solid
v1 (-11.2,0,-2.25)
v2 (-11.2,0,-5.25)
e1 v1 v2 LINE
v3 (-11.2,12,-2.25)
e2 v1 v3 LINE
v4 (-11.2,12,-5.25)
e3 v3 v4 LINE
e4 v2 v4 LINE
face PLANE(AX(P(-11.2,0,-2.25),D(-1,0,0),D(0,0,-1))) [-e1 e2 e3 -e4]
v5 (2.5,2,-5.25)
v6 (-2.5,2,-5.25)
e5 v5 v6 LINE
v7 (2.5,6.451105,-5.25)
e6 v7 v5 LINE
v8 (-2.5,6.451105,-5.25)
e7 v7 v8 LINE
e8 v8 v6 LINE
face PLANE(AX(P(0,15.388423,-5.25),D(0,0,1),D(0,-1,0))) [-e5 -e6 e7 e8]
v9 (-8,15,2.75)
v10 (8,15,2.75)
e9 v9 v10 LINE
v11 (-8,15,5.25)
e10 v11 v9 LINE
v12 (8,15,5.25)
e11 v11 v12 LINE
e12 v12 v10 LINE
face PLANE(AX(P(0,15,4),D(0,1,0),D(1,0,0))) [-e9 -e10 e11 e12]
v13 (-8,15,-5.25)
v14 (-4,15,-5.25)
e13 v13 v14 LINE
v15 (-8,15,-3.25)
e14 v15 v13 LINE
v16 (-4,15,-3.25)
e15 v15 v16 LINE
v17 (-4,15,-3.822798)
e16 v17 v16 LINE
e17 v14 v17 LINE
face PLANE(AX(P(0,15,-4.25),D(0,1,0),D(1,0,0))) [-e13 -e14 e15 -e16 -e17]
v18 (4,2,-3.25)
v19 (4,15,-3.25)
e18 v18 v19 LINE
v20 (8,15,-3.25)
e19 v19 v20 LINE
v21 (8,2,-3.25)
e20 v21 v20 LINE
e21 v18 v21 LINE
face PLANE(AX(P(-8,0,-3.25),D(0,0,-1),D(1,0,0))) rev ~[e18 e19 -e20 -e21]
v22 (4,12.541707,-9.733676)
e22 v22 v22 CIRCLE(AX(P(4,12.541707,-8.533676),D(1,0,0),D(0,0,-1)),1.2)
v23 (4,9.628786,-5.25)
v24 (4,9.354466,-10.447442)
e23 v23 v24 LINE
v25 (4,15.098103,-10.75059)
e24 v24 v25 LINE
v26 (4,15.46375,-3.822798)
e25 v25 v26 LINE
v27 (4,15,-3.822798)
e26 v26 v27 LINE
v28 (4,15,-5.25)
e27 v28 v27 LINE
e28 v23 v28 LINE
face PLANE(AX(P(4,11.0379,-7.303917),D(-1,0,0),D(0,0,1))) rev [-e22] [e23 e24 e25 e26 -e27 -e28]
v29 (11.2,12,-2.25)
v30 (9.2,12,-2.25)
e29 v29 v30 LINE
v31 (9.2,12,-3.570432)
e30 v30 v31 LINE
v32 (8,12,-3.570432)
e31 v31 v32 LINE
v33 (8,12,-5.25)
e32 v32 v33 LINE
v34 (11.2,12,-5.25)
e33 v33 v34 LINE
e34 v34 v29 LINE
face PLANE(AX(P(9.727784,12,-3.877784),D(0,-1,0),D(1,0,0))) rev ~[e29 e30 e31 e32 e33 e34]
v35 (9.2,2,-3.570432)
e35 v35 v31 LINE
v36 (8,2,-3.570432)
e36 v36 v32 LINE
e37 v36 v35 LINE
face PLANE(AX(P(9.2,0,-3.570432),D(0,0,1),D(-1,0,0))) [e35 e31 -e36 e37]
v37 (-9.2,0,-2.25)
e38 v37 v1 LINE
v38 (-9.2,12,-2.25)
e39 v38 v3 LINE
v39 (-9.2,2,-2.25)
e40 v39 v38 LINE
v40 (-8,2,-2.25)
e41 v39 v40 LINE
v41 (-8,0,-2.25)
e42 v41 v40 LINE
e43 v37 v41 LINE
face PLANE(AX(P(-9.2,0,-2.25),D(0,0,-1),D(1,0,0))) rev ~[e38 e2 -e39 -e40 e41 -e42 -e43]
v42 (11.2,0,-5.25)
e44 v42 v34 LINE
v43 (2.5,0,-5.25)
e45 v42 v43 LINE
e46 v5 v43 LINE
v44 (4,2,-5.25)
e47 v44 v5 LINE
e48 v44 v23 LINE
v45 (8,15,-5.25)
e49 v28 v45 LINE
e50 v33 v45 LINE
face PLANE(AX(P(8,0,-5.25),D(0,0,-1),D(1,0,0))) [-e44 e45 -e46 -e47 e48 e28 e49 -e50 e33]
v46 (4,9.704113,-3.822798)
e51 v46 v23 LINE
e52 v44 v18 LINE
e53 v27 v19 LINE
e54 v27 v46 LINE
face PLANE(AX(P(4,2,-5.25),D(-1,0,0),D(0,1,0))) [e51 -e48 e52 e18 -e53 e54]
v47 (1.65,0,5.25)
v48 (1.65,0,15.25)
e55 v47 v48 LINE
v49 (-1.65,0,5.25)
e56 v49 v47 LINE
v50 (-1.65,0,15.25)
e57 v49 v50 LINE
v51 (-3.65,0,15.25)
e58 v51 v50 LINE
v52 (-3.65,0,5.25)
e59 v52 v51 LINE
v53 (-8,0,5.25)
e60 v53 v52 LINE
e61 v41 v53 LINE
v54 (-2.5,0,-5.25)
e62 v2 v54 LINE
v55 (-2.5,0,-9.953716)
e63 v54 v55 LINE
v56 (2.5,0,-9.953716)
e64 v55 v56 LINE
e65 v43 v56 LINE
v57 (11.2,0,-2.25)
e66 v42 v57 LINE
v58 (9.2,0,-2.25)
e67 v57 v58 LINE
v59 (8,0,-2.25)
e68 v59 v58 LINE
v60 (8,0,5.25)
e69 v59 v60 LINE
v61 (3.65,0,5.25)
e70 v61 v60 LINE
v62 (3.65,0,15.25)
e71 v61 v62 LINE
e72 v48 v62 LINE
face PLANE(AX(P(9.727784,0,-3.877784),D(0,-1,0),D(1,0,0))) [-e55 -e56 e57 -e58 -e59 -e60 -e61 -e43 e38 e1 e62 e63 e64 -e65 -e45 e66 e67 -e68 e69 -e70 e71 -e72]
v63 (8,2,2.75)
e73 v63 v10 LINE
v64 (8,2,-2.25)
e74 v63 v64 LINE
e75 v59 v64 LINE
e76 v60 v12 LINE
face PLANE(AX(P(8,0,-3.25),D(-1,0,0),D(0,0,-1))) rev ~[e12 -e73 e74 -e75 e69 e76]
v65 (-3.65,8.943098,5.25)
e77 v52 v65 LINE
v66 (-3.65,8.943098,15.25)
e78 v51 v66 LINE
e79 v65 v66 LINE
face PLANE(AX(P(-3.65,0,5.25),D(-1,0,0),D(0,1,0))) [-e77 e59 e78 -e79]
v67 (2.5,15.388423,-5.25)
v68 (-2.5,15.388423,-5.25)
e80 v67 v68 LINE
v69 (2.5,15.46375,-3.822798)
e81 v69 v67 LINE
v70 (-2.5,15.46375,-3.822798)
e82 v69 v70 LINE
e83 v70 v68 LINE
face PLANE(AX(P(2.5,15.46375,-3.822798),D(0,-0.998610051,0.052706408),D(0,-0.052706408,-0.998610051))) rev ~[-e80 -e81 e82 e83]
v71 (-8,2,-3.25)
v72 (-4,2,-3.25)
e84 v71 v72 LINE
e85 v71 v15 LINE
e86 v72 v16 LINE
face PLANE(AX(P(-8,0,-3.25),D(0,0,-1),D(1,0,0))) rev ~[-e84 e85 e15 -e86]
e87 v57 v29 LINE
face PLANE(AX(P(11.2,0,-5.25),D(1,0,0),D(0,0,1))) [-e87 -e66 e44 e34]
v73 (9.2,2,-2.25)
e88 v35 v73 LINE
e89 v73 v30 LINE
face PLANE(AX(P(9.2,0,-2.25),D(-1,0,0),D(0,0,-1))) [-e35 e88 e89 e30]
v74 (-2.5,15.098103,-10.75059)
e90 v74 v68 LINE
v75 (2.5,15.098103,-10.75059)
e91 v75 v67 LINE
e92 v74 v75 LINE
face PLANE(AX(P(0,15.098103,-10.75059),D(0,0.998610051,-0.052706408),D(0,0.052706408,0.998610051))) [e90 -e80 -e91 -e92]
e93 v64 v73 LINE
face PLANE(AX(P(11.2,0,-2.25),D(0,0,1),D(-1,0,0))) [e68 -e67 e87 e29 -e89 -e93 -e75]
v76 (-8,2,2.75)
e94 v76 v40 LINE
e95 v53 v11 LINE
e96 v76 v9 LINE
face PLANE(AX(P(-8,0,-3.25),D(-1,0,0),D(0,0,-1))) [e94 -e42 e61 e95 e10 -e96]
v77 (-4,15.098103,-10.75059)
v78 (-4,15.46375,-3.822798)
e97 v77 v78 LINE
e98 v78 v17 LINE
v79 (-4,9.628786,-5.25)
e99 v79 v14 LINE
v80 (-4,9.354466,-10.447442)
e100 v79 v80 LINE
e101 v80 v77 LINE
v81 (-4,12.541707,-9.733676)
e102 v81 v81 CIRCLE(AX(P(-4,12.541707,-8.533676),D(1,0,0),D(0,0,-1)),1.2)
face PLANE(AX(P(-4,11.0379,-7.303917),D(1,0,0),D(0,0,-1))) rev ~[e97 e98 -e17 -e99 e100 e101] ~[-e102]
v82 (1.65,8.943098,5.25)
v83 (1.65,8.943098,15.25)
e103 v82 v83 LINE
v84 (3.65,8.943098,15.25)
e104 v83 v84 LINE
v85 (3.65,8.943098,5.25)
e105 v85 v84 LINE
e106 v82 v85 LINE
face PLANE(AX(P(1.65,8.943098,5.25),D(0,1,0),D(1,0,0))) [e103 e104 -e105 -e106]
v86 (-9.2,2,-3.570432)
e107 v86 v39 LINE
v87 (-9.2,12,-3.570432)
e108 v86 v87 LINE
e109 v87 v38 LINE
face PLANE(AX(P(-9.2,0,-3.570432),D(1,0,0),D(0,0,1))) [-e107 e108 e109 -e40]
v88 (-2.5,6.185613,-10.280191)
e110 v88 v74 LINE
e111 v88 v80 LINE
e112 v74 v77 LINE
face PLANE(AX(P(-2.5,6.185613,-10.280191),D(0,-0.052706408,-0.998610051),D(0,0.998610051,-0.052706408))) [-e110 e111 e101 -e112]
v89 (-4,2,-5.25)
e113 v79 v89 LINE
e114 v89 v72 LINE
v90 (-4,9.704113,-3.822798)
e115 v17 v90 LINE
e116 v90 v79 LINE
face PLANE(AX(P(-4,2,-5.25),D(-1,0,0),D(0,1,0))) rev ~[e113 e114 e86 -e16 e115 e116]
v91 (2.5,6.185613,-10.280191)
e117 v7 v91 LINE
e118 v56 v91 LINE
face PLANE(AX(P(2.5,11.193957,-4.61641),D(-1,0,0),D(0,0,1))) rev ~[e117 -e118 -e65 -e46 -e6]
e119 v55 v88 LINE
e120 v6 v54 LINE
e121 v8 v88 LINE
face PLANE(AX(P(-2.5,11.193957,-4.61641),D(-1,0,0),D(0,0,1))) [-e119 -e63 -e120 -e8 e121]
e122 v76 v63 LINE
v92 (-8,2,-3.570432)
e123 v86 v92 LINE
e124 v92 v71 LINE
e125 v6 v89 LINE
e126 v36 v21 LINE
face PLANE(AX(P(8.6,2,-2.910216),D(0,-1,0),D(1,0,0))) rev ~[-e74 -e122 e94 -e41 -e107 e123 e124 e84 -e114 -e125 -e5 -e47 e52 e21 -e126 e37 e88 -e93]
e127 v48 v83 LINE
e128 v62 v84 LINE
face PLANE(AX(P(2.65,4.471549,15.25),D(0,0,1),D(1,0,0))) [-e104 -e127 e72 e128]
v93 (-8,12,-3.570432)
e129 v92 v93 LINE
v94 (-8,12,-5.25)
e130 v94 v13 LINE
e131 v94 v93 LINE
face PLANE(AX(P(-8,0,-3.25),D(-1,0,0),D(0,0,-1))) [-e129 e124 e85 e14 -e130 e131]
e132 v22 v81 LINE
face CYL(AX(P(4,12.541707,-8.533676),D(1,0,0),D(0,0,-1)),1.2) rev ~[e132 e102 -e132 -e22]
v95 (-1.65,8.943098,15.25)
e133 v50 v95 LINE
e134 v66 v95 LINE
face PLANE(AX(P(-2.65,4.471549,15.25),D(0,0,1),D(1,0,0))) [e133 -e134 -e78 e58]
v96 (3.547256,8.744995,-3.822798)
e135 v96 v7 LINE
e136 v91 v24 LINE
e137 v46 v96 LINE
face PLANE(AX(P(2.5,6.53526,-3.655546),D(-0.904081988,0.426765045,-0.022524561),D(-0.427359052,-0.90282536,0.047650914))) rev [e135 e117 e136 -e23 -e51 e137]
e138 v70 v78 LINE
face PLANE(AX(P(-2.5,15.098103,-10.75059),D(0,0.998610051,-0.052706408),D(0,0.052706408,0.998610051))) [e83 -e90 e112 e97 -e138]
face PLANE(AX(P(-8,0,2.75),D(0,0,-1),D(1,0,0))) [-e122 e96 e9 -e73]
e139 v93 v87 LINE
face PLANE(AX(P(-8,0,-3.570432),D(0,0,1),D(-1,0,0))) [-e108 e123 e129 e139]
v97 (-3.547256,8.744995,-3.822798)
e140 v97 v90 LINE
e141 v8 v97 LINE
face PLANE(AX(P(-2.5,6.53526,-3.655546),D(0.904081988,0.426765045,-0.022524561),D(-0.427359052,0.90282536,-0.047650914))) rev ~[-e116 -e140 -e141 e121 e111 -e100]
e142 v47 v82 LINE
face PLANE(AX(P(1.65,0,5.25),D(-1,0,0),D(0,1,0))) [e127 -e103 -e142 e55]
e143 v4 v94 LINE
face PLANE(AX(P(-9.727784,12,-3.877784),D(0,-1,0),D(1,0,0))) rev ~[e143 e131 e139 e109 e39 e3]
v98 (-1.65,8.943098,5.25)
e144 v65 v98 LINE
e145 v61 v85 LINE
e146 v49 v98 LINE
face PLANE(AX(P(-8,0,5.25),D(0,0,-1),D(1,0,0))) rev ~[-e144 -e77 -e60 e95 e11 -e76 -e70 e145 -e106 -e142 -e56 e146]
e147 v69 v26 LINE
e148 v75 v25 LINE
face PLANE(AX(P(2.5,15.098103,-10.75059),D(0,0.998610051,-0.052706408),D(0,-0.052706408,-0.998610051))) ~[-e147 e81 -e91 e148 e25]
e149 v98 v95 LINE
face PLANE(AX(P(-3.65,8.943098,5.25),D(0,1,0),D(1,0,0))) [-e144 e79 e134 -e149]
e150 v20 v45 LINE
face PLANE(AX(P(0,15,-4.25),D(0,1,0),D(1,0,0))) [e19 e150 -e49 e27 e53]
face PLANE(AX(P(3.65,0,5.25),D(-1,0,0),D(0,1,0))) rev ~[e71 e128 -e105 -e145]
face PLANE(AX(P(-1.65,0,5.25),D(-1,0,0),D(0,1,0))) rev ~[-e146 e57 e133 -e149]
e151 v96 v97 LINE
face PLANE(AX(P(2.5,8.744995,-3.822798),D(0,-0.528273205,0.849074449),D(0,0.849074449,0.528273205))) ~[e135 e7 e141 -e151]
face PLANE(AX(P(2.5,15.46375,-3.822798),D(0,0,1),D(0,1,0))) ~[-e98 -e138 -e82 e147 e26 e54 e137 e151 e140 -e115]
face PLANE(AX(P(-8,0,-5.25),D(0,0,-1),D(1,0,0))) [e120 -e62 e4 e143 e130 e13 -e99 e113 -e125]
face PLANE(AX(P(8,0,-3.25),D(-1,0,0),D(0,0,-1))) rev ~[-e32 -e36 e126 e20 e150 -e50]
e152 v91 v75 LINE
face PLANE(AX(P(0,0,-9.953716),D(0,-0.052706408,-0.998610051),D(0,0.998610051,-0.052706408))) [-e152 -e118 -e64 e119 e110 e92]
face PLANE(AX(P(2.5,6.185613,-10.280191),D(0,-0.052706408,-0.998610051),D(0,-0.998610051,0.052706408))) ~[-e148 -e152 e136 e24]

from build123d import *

# Parameters (mm, degrees)
SKETCH_1_W          = 16
SKETCH_1_H          = 6
EXTRUDE_1_DEPTH     = 2
SKETCH_1_3_W        = 16
SKETCH_1_3_H        = 2
SKETCH_1_3_H_2      = 2.5
EXTRUDE_2_DEPTH     = 15
SKETCH_2_W          = 8
SKETCH_2_H          = 26
CUT_EXTRUDE_1_DEPTH = 2
EXTRUDE_3_DEPTH     = 2.5
EXTRUDE_4_DEPTH     = 5
EXTRUDE_5_DEPTH     = 1.5
CUT_EXTRUDE_START   = -6.633865
CUT_EXTRUDE_3_DEPTH = 6.633865
SKETCH_8_R          = 1.2
CUT_EXTRUDE_4_DEPTH = 8
SKETCH_9_W          = 1.2
SKETCH_9_H          = 1.320432063
EXTRUDE_6_DEPTH     = 2
EXTRUDE_7_DEPTH     = 12
SKETCH_10_W         = 2
SKETCH_10_H         = 8.943097661
EXTRUDE_8_DEPTH     = 10


with BuildPart() as part:
    # 草图1 → 凸台-拉伸1 (new body)
    with BuildSketch(Plane(origin=(0, 0, 0), x_dir=(1, 0, 0), z_dir=(0, 1, 0))):
        with Locations((0, 0.25)):
            Rectangle(SKETCH_1_W, SKETCH_1_H)
    extrude(amount=EXTRUDE_1_DEPTH)

    # 草图1<3> → 凸台-拉伸2 (add)
    with BuildSketch(Plane(origin=(0, 0, 0), x_dir=(1, 0, 0), z_dir=(0, 1, 0))):
        with Locations((0, 4.25)):
            Rectangle(SKETCH_1_3_W, SKETCH_1_3_H)
        with Locations((0, -4)):
            Rectangle(SKETCH_1_3_W, SKETCH_1_3_H_2)
    extrude(amount=EXTRUDE_2_DEPTH)

    # 草图2 → 切除-拉伸1 (cut)
    with BuildSketch(Plane(origin=(0, 0, -5.25), x_dir=(-1, 0, 0), z_dir=(0, 0, -1))):
        with Locations((0, 15)):
            Rectangle(SKETCH_2_W, SKETCH_2_H)
    extrude(amount=-CUT_EXTRUDE_1_DEPTH, mode=Mode.SUBTRACT)

    # 草图3 → 凸台-拉伸3 (add, symmetric)
    with BuildSketch(Plane(origin=(0, 0, 0), x_dir=(0, 0, -1), z_dir=(1, 0, 0))):
        Polygon((5.25, 0), (9.953715529, 0), (10.750589922, 15.09810313), (5.25, 15.388422994), align=None)
    extrude(amount=EXTRUDE_3_DEPTH, both=True)

    # 草图5 → 凸台-拉伸4 (add)
    with BuildSketch(Plane(origin=(2.5, 0, 0), x_dir=(0, 0, -1), z_dir=(1, 0, 0))):
        Polygon((5.25, 6.451105389), (3.822798244, 8.744995241), (3.822798244, 15.463750373), (5.25, 15.388422994), align=None)
    extrude(amount=-EXTRUDE_4_DEPTH)

    # 草图6 → 凸台-拉伸5 (add)
    with BuildSketch(Plane.ZY.offset(2.5)):
        Polygon((-5.25, 6.451105389), (-10.280190758, 6.185613084), (-10.750589922, 15.09810313), (-3.822798244, 15.463750373), (-3.822798244, 8.744995241), align=None)
    extrude_5 = extrude(amount=EXTRUDE_5_DEPTH)

    # 草图7 → 切除-拉伸3 (cut)
    with BuildSketch(Plane(origin=(0, -0.523895387, -9.926064452), x_dir=(-1, 0, 0), z_dir=(0, -0.052706408, -0.998610051)).offset(CUT_EXTRUDE_START)):
        Polygon((2.5, 6.718847324), (4, 9.892111055), (4, 6.718847324), align=None)
    cut_extrude_3 = extrude(amount=CUT_EXTRUDE_3_DEPTH, mode=Mode.SUBTRACT)

    # 镜向2: 凸台-拉伸5, 切除-拉伸3 across plane
    add(extrude_5.mirror(Plane(origin=(0, 0, 0), x_dir=(0, 0, 1), z_dir=(1, 0, 0))))
    add(cut_extrude_3.mirror(Plane(origin=(0, 0, 0), x_dir=(0, 0, 1), z_dir=(1, 0, 0))), mode=Mode.SUBTRACT)

    # 草图8 → 切除-拉伸4 (cut)
    with BuildSketch(Plane(origin=(4, 0, 0), x_dir=(0, 0, -1), z_dir=(1, 0, 0))):
        with Locations((8.533675648, 12.541707299)):
            Circle(SKETCH_8_R)
    extrude(amount=-CUT_EXTRUDE_4_DEPTH, mode=Mode.SUBTRACT)

    # 草图9 → 凸台-拉伸6 (add)
    with BuildSketch(Plane.XZ):
        with Locations((8.6, -2.910216032)):
            Rectangle(SKETCH_9_W, SKETCH_9_H)
        with Locations((-8.6, -2.910216032)):
            Rectangle(SKETCH_9_W, SKETCH_9_H)
    extrude(amount=-EXTRUDE_6_DEPTH)

    # 草图9<3> → 凸台-拉伸7 (add)
    with BuildSketch(Plane.XZ):
        Polygon((8, -3.570432063), (8, -5.25), (11.2, -5.25), (11.2, -2.25), (9.2, -2.25), (9.2, -3.570432063), align=None)
        Polygon((-8, -5.25), (-8, -3.570432063), (-9.2, -3.570432063), (-9.2, -2.25), (-11.2, -2.25), (-11.2, -5.25), align=None)
    extrude(amount=-EXTRUDE_7_DEPTH)

    # 草图10 → 凸台-拉伸8 (add)
    with BuildSketch(Plane.XY.offset(5.25)):
        with Locations((2.65, 4.471548831)):
            Rectangle(SKETCH_10_W, SKETCH_10_H)
        with Locations((-2.65, 4.471548831)):
            Rectangle(SKETCH_10_W, SKETCH_10_H)
    extrude(amount=EXTRUDE_8_DEPTH)


solid = part.part
